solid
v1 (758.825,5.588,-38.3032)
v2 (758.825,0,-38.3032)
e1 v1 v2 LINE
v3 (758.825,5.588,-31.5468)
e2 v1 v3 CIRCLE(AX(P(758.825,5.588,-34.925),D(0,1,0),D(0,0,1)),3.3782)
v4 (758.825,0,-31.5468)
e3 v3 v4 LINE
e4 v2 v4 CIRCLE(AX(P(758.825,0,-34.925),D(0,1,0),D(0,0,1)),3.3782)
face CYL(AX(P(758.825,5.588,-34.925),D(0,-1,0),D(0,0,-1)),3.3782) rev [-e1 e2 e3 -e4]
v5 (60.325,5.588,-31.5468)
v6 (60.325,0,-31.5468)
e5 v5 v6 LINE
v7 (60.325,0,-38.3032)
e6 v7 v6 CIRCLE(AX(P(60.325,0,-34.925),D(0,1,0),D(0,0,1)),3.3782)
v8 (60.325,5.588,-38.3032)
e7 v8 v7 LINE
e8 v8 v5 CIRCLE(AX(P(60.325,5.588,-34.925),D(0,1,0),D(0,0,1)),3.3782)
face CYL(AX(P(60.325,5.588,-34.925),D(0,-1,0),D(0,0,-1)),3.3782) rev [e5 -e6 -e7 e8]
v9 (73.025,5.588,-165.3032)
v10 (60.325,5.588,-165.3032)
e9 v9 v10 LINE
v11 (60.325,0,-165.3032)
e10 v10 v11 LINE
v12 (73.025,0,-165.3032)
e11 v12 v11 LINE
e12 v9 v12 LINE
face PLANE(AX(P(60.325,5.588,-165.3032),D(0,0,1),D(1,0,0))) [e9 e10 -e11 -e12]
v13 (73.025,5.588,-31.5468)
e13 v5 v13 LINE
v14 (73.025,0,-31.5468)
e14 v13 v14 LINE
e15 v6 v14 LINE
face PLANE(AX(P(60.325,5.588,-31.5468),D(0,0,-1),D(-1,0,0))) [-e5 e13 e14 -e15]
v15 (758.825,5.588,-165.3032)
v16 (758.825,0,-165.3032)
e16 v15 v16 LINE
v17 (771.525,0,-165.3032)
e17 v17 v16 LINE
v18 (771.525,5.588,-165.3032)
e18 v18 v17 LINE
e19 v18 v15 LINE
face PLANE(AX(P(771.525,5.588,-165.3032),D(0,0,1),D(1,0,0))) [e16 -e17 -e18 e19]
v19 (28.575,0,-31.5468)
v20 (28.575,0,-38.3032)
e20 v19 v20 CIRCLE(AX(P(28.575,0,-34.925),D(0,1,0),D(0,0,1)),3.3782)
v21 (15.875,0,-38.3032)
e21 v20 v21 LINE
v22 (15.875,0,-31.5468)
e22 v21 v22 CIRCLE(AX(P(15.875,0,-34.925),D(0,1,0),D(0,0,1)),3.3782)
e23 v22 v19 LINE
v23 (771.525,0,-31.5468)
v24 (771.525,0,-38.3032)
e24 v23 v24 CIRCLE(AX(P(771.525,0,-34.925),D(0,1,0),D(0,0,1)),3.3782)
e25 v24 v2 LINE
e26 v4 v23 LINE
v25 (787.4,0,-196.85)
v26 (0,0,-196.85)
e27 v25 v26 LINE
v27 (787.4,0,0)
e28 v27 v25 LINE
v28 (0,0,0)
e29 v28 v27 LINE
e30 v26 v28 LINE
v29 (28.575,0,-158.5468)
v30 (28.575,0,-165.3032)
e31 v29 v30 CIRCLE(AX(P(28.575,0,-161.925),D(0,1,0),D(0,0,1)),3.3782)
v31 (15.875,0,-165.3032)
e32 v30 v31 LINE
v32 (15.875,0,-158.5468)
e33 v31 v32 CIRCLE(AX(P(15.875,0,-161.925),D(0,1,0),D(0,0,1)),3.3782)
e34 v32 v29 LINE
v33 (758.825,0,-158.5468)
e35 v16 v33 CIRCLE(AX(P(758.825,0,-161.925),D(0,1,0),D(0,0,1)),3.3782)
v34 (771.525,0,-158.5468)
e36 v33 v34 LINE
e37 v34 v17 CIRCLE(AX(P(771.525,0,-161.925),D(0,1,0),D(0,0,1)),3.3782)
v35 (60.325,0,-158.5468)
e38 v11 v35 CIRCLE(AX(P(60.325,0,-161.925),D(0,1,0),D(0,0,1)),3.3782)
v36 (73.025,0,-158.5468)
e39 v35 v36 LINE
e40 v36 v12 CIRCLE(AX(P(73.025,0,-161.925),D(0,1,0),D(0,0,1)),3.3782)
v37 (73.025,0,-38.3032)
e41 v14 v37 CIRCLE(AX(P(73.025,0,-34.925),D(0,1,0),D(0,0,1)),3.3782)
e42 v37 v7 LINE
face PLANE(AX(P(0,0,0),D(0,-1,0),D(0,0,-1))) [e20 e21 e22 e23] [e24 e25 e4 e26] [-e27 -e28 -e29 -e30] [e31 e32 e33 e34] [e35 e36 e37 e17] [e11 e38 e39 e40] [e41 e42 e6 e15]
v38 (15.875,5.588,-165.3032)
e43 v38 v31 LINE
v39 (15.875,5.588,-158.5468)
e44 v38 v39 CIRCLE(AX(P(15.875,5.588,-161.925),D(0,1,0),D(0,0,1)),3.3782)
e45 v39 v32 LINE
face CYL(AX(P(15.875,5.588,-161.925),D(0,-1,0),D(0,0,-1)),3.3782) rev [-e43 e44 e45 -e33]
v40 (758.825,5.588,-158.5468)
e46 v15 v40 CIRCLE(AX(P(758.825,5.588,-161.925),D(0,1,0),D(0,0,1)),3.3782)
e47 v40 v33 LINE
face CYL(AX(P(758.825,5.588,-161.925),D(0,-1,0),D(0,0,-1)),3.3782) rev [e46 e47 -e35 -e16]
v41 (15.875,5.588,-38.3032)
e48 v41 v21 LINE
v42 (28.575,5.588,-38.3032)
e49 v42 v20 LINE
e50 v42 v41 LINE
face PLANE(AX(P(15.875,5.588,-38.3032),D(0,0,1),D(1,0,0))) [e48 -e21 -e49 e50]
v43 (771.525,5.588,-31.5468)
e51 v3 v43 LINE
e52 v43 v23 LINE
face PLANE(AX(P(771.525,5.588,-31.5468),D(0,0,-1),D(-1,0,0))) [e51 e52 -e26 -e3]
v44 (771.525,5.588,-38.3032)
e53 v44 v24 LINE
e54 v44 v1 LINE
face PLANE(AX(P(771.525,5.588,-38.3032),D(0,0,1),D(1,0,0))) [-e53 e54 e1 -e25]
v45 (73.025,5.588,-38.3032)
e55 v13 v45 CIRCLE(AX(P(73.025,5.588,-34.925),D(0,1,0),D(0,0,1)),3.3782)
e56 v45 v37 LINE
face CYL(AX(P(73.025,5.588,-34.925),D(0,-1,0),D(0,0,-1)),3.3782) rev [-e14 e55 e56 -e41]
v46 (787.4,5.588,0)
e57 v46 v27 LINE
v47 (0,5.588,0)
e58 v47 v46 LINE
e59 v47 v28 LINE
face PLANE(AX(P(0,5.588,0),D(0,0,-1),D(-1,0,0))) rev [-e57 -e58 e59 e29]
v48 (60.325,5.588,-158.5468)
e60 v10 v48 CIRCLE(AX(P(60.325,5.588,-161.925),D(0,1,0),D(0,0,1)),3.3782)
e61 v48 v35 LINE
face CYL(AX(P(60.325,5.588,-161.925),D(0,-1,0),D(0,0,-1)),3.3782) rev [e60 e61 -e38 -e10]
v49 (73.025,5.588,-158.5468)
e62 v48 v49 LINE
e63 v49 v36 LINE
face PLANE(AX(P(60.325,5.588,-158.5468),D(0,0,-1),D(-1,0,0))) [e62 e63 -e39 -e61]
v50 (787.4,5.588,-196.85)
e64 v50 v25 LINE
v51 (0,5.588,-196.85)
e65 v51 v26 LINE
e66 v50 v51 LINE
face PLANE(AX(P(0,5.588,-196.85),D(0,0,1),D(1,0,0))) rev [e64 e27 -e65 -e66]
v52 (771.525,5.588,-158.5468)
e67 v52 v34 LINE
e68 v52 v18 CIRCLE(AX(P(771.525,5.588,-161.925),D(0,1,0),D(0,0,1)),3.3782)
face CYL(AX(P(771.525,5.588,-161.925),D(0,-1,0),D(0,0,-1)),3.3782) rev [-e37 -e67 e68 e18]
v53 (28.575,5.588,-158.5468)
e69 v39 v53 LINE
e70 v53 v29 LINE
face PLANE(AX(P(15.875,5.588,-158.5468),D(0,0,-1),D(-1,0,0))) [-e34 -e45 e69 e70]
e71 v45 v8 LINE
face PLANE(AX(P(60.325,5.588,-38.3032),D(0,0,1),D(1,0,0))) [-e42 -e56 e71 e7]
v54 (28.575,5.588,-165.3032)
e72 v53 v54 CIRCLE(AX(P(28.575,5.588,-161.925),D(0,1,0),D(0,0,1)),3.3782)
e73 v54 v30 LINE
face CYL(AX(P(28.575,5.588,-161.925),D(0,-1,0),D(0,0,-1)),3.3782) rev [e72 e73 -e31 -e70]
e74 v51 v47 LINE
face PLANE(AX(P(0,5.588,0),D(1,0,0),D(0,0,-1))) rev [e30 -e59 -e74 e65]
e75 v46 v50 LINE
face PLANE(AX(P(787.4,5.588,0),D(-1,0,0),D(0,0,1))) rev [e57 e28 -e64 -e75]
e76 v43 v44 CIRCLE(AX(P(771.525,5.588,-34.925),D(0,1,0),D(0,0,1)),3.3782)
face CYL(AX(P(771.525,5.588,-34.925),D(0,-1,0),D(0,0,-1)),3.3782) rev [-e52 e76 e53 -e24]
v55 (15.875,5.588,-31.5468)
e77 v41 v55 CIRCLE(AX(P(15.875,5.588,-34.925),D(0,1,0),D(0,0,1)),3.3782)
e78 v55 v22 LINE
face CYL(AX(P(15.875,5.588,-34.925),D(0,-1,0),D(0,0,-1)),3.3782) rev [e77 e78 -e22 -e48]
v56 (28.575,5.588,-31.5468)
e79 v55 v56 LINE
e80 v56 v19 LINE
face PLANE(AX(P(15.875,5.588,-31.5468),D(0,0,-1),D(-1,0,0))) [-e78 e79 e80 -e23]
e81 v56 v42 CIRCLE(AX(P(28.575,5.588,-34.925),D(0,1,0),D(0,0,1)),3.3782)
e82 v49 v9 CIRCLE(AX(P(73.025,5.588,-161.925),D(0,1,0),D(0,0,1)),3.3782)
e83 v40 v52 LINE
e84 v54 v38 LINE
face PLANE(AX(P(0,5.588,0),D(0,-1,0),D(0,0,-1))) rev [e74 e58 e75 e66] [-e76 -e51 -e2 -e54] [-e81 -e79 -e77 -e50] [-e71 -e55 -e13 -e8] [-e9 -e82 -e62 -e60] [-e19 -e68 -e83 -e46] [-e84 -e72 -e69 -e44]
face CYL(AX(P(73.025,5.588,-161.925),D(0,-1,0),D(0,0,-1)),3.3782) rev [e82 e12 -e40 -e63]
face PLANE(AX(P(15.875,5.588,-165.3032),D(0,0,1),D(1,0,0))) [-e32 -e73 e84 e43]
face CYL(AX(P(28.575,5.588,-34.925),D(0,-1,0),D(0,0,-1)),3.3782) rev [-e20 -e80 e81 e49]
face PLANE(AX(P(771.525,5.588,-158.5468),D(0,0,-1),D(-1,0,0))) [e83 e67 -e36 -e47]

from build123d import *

# Parameters (mm, degrees)
SKETCH1_W           = 787.4
SKETCH1_H           = 196.85
BOSS_EXTRUDE1_DEPTH = 5.588


with BuildPart() as part:
    # Sketch1 → Boss-Extrude1 (new body)
    with BuildSketch(Plane(origin=(0, 0, 0), x_dir=(1, 0, 0), z_dir=(0, 1, 0))):
        with Locations((393.7, 98.425)):
            Rectangle(SKETCH1_W, SKETCH1_H)
        with BuildLine():
            Line((15.875, 38.3032), (28.575, 38.3032))
            ThreePointArc((28.575, 38.3032), (31.9532, 34.925), (28.575, 31.5468))
            Line((28.575, 31.5468), (15.875, 31.5468))
            ThreePointArc((15.875, 31.5468), (12.4968, 34.925), (15.875, 38.3032))
        make_face(mode=Mode.SUBTRACT)
        with BuildLine():
            Line((15.875, 165.3032), (28.575, 165.3032))
            ThreePointArc((28.575, 165.3032), (31.9532, 161.925), (28.575, 158.5468))
            Line((28.575, 158.5468), (15.875, 158.5468))
            ThreePointArc((15.875, 158.5468), (12.4968, 161.925), (15.875, 165.3032))
        make_face(mode=Mode.SUBTRACT)
        with BuildLine():
            Line((60.325, 165.3032), (73.025, 165.3032))
            ThreePointArc((73.025, 165.3032), (76.4032, 161.925), (73.025, 158.5468))
            Line((73.025, 158.5468), (60.325, 158.5468))
            ThreePointArc((60.325, 158.5468), (56.9468, 161.925), (60.325, 165.3032))
        make_face(mode=Mode.SUBTRACT)
        with BuildLine():
            Line((60.325, 38.3032), (73.025, 38.3032))
            ThreePointArc((73.025, 38.3032), (76.4032, 34.925), (73.025, 31.5468))
            Line((73.025, 31.5468), (60.325, 31.5468))
            ThreePointArc((60.325, 31.5468), (56.9468, 34.925), (60.325, 38.3032))
        make_face(mode=Mode.SUBTRACT)
        with BuildLine():
            Line((771.525, 158.5468), (758.825, 158.5468))
            ThreePointArc((758.825, 158.5468), (755.4468, 161.925), (758.825, 165.3032))
            Line((758.825, 165.3032), (771.525, 165.3032))
            ThreePointArc((771.525, 165.3032), (774.9032, 161.925), (771.525, 158.5468))
        make_face(mode=Mode.SUBTRACT)
        with BuildLine():
            Line((771.525, 31.5468), (758.825, 31.5468))
            ThreePointArc((758.825, 31.5468), (755.4468, 34.925), (758.825, 38.3032))
            Line((758.825, 38.3032), (771.525, 38.3032))
            ThreePointArc((771.525, 38.3032), (774.9032, 34.925), (771.525, 31.5468))
        make_face(mode=Mode.SUBTRACT)
    extrude(amount=BOSS_EXTRUDE1_DEPTH)


solid = part.part
